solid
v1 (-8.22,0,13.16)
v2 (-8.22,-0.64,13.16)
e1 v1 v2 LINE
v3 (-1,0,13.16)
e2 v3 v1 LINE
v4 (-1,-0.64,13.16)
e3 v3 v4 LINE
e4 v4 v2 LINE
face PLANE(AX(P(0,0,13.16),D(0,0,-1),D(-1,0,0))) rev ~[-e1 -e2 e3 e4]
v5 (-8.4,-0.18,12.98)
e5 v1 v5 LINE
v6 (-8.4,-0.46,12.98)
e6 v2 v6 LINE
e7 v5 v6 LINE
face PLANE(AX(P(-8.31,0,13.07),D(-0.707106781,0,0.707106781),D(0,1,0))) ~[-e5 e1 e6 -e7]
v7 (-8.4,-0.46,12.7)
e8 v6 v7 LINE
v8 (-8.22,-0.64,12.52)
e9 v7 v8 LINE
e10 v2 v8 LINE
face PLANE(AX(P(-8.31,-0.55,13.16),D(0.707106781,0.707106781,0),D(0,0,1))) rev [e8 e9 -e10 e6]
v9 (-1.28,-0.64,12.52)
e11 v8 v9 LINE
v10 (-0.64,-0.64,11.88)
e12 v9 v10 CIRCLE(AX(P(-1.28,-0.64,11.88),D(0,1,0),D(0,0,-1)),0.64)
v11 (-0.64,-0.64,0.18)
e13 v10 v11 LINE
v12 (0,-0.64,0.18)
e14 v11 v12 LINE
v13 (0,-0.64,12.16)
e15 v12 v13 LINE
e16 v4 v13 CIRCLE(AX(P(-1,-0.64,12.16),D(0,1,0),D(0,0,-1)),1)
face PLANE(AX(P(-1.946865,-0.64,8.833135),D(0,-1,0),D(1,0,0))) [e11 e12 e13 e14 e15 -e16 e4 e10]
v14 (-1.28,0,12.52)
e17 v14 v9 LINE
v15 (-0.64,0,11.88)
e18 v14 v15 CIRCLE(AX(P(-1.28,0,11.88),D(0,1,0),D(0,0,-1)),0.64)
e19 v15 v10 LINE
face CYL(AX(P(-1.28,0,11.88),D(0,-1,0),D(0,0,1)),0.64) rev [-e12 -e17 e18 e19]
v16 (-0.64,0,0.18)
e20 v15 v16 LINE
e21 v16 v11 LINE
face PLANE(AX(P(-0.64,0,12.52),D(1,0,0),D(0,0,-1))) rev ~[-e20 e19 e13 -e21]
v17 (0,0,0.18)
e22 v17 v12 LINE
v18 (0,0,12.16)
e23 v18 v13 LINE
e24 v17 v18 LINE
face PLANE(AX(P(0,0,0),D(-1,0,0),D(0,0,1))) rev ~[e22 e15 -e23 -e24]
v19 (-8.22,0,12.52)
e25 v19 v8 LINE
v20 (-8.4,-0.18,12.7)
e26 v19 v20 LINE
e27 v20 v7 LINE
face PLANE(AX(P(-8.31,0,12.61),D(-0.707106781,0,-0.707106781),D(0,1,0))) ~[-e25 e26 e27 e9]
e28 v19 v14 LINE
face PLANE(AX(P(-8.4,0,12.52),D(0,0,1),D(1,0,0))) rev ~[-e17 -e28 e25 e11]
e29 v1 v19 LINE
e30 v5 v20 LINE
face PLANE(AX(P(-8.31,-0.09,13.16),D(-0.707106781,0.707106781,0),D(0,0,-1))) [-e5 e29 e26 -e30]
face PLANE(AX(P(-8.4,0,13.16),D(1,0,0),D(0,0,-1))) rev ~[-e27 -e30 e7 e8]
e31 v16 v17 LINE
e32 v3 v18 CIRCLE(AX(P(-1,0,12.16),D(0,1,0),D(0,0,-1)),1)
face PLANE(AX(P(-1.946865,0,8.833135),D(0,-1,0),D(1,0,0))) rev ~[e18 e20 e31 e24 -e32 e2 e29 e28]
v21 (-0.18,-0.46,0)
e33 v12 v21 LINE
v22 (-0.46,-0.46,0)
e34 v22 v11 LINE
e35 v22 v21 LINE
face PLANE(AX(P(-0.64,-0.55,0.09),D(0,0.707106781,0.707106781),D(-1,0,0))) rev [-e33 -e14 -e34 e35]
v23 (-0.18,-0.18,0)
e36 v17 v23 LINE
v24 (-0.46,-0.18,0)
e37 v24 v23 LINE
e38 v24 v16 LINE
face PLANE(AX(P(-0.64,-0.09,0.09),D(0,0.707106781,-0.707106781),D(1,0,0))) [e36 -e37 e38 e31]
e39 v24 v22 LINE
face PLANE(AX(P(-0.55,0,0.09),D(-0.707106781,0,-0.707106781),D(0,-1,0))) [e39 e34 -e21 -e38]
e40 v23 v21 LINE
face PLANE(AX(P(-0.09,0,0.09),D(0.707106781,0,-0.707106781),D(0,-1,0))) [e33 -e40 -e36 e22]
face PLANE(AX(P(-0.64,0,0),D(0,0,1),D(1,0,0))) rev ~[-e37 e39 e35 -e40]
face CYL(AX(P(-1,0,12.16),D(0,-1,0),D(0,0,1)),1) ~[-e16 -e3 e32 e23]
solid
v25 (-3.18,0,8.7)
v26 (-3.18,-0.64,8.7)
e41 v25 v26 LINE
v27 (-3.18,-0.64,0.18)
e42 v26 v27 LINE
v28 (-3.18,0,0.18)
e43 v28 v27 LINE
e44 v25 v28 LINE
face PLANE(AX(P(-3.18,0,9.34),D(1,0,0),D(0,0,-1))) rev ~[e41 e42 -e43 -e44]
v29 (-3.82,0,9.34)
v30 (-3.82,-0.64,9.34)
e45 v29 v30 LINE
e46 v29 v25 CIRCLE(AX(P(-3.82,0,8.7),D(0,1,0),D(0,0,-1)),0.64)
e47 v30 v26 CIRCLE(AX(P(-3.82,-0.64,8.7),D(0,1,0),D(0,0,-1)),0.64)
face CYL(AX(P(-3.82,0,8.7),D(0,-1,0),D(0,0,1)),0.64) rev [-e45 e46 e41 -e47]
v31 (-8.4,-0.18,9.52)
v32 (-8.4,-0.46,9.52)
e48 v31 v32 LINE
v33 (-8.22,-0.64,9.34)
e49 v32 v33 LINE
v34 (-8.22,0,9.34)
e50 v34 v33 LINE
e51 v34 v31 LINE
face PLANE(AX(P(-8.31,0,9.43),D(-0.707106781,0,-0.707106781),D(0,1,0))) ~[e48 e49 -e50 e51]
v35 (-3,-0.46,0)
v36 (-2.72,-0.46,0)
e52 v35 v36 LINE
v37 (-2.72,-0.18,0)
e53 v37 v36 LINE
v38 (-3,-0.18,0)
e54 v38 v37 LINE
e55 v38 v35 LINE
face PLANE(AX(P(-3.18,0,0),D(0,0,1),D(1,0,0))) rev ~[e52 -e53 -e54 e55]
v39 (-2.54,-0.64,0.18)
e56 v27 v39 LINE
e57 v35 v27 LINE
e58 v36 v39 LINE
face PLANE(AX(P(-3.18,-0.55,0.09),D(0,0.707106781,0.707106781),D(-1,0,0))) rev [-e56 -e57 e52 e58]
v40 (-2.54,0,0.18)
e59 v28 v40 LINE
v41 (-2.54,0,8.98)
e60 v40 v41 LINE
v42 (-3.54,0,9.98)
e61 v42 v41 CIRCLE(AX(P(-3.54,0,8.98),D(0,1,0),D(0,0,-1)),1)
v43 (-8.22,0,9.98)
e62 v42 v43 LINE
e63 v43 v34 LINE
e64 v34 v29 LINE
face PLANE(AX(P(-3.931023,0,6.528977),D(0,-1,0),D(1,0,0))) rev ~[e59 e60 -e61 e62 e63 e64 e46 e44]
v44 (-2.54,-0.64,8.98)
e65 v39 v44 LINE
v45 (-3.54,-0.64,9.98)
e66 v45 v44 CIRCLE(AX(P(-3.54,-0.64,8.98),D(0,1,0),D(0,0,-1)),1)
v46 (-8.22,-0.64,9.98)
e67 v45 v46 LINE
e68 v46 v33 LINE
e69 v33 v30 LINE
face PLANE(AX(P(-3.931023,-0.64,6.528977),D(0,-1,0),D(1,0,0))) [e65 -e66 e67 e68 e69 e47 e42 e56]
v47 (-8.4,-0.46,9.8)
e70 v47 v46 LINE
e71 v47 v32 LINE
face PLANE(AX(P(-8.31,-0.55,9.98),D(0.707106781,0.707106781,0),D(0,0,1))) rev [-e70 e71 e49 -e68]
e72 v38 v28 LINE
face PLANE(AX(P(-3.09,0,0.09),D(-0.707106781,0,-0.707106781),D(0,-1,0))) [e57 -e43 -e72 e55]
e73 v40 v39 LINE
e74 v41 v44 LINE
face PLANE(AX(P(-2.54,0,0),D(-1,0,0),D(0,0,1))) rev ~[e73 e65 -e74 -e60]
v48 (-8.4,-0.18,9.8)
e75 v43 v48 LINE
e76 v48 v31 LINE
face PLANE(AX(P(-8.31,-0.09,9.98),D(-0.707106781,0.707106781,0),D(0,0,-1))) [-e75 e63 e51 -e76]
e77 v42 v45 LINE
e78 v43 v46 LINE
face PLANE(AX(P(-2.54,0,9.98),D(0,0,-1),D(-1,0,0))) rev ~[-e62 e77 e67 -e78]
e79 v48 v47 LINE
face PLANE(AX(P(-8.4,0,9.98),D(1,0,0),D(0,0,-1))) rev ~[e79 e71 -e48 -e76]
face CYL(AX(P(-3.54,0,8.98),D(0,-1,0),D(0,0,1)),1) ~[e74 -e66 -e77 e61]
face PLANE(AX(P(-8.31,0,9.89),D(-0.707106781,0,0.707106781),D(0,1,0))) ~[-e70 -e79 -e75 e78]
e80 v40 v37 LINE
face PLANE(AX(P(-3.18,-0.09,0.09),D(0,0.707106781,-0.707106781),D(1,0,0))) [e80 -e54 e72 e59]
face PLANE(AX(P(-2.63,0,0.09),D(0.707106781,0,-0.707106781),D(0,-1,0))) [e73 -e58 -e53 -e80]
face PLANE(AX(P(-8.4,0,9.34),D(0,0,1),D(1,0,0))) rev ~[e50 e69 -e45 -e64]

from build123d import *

# Parameters (mm, degrees)
PAD_DEPTH       = 0.64
FILLET_R        = 0.64
FILLET001_R     = 1
CHAMFER002_SIZE = 0.18


with BuildPart() as part:
    # Sketch → Pad (new body)
    with BuildSketch(Plane.XZ):
        Polygon((0, 0), (0, 13.16), (-8.4, 13.16), (-8.4, 12.52), (-0.64, 12.52), (-0.64, 0), align=None)
        Polygon((-2.54, 0), (-2.54, 9.98), (-8.4, 9.98), (-8.4, 9.34), (-3.18, 9.34), (-3.18, 0), align=None)
    extrude(amount=PAD_DEPTH)

    # Fillet
    fillet_edges = [part.edges().sort_by_distance(p)[0] for p in [
        (-3.18, -0.32, 9.34),
        (-0.64, -0.32, 12.52),
    ]]
    fillet(fillet_edges, radius=FILLET_R)

    # Fillet001
    fillet001_edges = [part.edges().sort_by_distance(p)[0] for p in [
        (-2.54, -0.32, 9.98),
        (0, -0.32, 13.16),
    ]]
    fillet(fillet001_edges, radius=FILLET001_R)

    # Chamfer002
    chamfer002_edges = [part.edges().sort_by_distance(p)[0] for p in [
        (-8.4, 0, 12.84),
        (-8.4, -0.32, 13.16),
        (-8.4, -0.64, 12.84),
        (-8.4, -0.32, 12.52),
        (-8.4, 0, 9.66),
        (-8.4, -0.64, 9.66),
        (-8.4, -0.32, 9.98),
        (-8.4, -0.32, 9.34),
        (0, -0.32, 0),
        (-0.64, -0.32, 0),
        (-0.32, 0, 0),
        (-0.32, -0.64, 0),
        (-2.86, -0.64, 0),
        (-3.18, -0.32, 0),
        (-2.54, -0.32, 0),
        (-2.86, 0, 0),
    ]]
    chamfer(chamfer002_edges, length=CHAMFER002_SIZE)


solid = part.part
